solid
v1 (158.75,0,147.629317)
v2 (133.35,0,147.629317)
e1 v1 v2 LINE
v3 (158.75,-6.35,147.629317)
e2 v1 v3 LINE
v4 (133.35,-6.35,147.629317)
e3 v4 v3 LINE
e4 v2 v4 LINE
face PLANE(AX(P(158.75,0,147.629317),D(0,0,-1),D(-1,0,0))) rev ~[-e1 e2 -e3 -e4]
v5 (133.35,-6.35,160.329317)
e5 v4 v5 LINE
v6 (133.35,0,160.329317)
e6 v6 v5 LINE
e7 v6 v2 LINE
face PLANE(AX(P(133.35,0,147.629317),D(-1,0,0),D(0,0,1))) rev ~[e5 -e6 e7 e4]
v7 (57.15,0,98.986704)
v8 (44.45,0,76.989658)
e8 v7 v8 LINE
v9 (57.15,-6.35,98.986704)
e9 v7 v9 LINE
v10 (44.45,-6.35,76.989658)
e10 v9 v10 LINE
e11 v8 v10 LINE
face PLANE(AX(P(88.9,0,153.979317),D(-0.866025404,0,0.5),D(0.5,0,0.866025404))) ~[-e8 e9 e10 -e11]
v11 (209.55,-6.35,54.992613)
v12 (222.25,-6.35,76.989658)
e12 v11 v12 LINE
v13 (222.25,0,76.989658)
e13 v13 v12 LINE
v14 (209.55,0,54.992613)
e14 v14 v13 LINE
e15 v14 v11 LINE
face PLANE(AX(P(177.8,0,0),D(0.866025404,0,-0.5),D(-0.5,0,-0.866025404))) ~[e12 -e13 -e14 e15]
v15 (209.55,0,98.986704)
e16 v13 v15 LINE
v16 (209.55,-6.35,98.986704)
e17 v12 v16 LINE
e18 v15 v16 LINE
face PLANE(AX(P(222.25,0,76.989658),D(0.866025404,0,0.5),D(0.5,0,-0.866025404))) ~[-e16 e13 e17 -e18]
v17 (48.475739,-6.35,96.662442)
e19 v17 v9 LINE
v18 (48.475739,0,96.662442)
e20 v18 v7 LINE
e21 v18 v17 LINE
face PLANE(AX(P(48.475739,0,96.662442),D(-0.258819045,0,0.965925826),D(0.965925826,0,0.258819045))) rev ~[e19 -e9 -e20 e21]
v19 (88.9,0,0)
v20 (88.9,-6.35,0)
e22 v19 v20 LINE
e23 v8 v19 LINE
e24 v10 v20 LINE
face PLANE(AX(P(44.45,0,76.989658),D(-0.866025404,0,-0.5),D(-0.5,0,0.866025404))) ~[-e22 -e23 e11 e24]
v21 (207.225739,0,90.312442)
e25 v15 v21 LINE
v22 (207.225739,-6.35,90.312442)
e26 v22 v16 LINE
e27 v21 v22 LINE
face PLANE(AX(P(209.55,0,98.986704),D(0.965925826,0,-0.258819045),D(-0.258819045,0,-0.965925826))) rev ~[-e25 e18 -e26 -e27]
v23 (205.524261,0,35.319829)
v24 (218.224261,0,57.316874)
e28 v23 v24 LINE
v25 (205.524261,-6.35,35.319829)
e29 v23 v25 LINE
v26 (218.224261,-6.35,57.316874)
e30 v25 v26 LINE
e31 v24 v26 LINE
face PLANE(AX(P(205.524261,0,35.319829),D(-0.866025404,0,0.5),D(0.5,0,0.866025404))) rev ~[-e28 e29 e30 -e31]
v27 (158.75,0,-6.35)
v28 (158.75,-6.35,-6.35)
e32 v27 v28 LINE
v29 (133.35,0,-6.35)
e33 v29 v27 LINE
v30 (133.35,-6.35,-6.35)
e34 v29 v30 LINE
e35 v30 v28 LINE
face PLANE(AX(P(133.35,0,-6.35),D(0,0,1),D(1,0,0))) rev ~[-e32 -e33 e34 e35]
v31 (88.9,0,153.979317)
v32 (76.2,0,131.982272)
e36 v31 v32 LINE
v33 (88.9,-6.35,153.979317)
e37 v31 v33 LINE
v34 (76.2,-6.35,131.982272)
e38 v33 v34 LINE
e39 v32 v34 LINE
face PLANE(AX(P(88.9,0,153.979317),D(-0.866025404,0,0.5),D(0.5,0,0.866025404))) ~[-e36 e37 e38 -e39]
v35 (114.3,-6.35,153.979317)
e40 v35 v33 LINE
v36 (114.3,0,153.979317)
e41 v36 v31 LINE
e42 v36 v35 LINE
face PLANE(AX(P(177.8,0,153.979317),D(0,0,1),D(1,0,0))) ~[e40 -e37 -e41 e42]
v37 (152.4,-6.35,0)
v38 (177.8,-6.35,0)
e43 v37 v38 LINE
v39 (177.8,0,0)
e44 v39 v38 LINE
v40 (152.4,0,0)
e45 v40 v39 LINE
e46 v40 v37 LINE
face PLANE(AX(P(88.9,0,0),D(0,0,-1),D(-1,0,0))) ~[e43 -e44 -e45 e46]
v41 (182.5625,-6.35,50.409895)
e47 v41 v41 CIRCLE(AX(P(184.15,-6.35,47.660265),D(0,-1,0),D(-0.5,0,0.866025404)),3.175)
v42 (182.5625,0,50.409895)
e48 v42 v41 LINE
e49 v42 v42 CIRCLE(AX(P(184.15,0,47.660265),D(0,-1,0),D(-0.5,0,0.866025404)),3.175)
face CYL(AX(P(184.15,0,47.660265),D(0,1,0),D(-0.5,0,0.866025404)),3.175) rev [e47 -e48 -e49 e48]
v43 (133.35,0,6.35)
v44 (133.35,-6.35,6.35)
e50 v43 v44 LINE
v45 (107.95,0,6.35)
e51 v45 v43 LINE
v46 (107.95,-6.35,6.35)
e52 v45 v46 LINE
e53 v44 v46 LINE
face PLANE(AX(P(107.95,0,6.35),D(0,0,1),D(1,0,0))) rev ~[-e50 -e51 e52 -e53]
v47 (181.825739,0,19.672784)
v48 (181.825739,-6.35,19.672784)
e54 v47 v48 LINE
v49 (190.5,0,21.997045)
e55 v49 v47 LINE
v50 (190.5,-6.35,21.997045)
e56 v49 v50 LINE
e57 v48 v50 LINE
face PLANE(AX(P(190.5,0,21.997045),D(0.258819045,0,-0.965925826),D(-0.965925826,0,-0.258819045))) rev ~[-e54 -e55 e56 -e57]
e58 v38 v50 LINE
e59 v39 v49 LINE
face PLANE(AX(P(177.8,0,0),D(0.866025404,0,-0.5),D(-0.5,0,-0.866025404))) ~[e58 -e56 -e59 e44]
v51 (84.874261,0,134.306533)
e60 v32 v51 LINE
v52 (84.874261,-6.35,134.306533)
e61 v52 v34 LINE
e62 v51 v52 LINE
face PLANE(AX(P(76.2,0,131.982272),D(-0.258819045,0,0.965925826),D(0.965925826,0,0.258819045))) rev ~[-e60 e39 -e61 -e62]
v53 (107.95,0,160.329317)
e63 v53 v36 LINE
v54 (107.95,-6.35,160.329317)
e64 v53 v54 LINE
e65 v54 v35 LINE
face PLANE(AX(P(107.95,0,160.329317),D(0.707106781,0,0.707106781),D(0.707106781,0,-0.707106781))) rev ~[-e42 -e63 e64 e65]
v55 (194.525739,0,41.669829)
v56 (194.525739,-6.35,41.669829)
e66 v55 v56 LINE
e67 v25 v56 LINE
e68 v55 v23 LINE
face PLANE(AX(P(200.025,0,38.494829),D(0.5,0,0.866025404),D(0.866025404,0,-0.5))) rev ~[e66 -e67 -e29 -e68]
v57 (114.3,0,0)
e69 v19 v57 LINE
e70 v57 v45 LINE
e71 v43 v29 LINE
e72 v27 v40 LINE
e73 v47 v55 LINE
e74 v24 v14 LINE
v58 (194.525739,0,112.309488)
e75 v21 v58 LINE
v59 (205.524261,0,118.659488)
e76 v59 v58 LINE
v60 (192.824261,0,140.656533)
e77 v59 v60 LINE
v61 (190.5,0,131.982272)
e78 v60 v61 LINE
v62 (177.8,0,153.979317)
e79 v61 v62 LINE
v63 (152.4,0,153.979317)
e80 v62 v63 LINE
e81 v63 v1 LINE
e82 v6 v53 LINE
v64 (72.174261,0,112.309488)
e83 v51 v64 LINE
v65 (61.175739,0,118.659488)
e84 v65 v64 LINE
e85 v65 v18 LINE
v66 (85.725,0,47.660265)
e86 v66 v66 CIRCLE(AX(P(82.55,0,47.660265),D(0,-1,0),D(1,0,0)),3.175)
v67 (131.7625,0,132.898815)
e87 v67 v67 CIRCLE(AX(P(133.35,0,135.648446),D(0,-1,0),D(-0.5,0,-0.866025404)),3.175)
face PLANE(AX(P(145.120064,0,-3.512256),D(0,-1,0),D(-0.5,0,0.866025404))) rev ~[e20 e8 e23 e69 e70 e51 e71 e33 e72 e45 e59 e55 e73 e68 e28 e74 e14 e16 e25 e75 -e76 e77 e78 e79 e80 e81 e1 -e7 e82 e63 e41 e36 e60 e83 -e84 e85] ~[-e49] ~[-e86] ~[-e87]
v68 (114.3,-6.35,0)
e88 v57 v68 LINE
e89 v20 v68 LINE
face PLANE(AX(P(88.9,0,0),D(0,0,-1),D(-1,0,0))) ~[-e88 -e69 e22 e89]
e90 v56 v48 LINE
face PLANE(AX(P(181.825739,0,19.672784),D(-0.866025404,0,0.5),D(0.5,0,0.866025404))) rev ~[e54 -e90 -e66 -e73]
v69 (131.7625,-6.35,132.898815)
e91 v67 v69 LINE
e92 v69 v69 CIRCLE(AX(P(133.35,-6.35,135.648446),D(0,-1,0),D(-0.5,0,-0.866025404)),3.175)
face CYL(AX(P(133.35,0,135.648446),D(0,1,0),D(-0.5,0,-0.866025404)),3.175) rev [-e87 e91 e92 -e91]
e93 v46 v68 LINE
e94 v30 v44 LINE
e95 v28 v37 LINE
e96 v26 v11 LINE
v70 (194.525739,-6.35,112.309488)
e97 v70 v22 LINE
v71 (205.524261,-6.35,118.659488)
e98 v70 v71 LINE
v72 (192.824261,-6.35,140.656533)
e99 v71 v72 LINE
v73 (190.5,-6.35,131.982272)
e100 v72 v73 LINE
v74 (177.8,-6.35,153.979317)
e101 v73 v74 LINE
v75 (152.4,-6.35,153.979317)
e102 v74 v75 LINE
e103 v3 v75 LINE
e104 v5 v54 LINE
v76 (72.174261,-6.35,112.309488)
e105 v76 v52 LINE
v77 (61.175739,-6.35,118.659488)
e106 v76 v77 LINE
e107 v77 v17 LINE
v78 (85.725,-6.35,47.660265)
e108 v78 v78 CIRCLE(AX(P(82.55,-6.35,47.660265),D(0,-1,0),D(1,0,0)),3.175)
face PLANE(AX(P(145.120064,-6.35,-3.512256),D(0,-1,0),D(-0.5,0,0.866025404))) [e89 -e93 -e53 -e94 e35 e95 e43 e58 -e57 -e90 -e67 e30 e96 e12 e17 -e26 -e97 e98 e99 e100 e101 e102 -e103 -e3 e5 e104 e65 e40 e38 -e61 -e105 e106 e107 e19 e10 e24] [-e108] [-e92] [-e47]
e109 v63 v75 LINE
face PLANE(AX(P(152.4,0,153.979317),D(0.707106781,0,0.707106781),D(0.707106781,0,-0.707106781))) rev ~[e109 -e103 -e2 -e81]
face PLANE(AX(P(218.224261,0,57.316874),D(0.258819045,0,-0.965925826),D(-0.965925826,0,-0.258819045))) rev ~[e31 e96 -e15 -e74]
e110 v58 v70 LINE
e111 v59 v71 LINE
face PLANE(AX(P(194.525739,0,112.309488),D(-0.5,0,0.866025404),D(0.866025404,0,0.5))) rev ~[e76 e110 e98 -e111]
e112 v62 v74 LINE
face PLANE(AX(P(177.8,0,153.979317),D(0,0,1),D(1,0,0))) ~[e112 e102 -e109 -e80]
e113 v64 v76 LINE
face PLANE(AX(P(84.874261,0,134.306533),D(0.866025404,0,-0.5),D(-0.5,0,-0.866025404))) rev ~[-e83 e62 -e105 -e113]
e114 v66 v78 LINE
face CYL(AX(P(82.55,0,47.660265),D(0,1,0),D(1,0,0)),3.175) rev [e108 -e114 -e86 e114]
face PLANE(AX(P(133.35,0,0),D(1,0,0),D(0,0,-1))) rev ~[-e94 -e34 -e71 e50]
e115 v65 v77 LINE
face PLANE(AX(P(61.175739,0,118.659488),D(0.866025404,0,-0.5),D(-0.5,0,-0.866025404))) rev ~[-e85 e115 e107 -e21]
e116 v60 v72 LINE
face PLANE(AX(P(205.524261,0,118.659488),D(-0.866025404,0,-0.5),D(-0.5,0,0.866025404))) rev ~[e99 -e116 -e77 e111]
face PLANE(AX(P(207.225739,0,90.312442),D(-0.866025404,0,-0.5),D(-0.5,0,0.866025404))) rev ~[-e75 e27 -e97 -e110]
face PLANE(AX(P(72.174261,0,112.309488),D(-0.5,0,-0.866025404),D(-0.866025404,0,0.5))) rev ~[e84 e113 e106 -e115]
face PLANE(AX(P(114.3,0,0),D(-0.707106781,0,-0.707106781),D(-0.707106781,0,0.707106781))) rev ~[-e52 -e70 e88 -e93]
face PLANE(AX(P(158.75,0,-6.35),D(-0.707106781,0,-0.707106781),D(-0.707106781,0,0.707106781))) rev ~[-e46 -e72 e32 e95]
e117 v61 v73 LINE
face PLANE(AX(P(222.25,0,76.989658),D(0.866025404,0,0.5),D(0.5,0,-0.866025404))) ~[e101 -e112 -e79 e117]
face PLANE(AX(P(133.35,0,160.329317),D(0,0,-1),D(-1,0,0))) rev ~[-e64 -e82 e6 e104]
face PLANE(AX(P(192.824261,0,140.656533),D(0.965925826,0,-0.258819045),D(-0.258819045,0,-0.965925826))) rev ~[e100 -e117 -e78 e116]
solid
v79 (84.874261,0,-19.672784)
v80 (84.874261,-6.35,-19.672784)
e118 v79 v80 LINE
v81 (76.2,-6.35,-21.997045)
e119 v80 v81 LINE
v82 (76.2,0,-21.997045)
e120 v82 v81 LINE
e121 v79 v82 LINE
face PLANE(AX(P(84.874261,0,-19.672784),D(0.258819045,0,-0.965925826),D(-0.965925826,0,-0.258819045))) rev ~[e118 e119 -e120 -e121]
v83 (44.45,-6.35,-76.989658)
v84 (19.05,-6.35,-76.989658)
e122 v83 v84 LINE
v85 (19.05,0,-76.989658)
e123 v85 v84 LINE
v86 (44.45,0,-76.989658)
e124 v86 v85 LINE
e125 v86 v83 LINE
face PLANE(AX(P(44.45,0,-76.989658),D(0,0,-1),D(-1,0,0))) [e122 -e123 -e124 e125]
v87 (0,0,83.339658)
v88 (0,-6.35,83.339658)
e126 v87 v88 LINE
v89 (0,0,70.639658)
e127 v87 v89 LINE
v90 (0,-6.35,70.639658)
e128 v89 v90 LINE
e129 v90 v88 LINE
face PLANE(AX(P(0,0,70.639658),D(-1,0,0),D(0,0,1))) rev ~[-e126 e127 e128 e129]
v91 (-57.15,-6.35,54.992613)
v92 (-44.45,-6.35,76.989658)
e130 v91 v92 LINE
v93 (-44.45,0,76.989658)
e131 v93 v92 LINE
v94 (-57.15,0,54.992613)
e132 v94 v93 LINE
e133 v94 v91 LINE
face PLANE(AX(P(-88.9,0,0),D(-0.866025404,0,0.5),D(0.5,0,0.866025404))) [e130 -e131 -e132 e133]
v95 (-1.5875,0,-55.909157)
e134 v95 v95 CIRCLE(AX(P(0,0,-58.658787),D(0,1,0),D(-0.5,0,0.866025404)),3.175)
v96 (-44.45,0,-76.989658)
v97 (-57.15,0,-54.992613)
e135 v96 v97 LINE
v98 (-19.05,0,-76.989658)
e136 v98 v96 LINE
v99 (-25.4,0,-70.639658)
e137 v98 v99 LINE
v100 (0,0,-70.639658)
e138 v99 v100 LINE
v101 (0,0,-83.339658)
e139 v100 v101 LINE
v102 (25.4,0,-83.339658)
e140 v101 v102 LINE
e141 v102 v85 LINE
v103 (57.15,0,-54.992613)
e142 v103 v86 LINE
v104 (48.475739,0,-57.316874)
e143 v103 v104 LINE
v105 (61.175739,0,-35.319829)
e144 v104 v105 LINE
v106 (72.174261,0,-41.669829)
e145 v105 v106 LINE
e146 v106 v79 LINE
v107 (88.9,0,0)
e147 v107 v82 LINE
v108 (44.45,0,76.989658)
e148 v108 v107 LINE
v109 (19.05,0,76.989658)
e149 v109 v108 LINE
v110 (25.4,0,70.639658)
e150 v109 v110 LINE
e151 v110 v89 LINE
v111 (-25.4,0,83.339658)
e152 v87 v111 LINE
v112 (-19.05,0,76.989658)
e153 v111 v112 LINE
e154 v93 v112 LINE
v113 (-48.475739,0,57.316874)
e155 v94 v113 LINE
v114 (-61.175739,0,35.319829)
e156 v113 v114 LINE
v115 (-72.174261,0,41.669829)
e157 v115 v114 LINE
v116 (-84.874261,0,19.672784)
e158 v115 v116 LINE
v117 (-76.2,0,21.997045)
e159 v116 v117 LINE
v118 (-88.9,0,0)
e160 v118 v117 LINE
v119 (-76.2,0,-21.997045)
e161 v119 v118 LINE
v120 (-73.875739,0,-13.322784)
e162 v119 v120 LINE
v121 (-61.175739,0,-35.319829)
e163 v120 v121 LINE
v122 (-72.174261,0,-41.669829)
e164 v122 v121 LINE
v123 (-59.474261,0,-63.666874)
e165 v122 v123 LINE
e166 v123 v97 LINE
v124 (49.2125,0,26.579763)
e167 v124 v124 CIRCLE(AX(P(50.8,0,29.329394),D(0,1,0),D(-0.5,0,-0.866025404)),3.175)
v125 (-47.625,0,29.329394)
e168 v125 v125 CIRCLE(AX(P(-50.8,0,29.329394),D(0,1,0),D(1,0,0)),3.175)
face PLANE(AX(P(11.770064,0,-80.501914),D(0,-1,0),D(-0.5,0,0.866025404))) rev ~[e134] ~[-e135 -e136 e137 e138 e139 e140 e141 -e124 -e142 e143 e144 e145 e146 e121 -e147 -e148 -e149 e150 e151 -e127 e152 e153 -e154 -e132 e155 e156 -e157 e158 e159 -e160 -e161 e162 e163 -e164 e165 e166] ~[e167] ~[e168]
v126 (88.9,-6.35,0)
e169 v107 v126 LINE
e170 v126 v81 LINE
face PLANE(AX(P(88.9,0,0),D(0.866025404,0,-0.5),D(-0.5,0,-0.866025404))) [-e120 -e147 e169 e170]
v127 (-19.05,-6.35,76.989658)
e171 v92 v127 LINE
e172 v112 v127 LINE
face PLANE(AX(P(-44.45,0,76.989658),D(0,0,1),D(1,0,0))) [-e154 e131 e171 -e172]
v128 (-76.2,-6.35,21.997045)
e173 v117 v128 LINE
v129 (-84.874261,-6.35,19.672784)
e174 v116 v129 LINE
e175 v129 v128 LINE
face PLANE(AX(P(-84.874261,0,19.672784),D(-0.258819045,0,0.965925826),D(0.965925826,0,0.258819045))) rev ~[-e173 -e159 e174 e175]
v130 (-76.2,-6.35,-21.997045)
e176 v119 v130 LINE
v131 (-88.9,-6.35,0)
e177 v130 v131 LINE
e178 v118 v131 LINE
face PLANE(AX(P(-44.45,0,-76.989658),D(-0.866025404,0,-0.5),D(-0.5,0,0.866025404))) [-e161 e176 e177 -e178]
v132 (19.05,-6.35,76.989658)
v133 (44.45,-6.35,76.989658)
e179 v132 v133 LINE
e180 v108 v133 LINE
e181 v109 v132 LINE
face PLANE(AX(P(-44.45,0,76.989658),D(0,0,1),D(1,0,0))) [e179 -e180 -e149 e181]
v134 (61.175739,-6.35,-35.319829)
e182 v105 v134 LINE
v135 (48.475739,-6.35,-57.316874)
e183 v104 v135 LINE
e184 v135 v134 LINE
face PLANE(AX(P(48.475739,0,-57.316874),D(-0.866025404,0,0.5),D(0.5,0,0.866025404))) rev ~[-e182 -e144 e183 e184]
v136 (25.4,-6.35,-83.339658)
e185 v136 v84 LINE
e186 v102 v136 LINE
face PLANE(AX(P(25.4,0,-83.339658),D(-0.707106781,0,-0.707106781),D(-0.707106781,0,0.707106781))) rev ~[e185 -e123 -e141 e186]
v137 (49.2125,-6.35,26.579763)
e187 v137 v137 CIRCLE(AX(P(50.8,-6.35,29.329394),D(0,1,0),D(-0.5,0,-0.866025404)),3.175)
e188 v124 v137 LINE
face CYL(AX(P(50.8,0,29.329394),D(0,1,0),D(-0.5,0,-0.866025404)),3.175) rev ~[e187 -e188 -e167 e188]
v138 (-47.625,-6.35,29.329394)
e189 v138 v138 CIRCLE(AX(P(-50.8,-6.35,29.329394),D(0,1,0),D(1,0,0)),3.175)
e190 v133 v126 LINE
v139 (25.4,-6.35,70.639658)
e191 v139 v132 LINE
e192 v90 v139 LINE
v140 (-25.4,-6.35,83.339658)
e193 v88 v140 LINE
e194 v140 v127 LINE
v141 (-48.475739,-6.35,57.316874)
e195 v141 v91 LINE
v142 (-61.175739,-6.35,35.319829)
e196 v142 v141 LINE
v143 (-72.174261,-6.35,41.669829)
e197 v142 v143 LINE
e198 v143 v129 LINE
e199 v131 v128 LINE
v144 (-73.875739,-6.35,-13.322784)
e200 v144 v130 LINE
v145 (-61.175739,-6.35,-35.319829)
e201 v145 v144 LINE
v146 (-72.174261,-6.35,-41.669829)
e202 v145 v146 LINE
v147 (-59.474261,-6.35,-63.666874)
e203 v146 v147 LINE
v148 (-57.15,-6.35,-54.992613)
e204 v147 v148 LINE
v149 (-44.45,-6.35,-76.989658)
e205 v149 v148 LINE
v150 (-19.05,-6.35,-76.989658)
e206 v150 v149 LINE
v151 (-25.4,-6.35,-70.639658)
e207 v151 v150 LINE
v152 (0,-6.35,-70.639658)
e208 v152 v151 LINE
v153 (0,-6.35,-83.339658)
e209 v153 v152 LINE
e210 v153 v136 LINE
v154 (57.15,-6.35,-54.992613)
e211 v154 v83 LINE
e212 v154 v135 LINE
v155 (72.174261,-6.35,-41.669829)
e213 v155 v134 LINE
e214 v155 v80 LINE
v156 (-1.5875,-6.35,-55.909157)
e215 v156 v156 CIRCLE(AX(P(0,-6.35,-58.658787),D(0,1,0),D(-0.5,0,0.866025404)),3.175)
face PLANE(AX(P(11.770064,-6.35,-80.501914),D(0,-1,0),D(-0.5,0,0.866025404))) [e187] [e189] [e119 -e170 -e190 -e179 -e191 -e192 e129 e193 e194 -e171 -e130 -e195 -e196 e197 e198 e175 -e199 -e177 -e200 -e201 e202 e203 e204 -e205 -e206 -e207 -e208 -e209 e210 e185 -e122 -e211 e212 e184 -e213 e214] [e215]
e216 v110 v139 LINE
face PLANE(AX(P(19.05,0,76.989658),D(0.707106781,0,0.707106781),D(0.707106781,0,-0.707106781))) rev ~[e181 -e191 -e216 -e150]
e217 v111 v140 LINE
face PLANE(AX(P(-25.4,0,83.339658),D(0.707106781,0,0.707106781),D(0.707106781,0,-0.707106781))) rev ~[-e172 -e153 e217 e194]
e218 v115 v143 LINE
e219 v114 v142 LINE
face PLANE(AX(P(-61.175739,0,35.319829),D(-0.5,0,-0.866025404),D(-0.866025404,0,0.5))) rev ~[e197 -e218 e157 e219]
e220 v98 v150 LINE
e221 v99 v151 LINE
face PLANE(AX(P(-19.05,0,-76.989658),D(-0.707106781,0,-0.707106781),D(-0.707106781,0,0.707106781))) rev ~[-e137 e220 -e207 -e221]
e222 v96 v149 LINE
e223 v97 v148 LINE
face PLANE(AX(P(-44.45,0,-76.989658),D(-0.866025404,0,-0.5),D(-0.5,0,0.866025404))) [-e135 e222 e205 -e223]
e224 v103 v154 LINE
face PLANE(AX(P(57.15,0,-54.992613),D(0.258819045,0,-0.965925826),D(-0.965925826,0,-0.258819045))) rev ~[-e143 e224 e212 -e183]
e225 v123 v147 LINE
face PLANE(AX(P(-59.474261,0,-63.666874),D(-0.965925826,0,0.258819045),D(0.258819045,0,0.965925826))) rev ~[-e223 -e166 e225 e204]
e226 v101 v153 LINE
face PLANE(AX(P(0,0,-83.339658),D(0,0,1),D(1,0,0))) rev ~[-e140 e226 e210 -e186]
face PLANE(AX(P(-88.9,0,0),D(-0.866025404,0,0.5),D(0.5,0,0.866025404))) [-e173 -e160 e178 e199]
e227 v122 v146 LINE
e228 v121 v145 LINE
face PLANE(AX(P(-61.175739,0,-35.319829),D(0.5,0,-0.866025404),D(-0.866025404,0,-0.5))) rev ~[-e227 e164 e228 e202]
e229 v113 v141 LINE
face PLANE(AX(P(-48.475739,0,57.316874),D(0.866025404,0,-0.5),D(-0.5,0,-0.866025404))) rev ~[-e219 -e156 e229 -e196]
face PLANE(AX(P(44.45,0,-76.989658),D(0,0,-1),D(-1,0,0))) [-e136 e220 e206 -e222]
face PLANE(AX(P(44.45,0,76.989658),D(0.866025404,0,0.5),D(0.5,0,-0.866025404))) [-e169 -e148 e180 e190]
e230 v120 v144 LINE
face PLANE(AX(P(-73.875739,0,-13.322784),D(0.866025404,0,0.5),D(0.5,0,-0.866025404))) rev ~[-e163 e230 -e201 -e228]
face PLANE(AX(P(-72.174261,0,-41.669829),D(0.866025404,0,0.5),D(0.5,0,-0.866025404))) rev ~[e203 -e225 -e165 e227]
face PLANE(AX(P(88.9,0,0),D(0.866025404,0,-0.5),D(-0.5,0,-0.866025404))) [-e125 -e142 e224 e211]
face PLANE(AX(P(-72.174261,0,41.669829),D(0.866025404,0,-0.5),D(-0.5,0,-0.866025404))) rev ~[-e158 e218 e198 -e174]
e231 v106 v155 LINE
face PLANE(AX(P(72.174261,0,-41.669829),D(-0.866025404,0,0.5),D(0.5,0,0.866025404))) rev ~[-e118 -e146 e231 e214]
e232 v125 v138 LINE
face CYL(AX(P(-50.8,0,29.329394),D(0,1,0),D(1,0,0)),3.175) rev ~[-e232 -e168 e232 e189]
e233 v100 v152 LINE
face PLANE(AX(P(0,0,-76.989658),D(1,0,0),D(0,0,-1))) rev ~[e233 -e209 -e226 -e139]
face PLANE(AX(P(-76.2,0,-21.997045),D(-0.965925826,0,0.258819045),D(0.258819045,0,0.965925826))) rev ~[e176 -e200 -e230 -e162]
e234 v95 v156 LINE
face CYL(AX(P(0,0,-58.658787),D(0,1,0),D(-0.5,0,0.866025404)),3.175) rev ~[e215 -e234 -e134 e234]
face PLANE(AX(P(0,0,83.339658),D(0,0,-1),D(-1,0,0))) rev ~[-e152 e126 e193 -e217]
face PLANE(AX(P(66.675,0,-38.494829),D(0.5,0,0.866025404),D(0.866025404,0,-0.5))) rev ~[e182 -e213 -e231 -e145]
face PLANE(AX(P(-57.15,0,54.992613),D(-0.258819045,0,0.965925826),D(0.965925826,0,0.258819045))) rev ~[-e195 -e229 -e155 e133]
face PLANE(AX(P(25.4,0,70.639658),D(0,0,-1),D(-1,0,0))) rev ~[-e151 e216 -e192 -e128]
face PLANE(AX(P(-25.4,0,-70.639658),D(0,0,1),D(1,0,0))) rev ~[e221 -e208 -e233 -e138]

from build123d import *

# Parameters (mm, degrees)
BOSS_EXTRUDE1_DEPTH = 6.35
SKETCH9_R           = 3.175
CUT_EXTRUDE3_DEPTH  = 118.774954893
CIRPATTERN6_COUNT   = 3
CUT_EXTRUDE4_DEPTH  = 271.453350876
BOSS_EXTRUDE4_DEPTH = 6.35
CIRPATTERN7_COUNT   = 6
CUT_EXTRUDE5_DEPTH  = 271.453350876
BOSS_EXTRUDE5_DEPTH = 6.35
CIRPATTERN8_COUNT   = 6


with BuildPart() as part:
    # Sketch1 → Boss-Extrude1 (new body)
    with BuildSketch(Plane(origin=(0, 0, 0), x_dir=(1, 0, 0), z_dir=(0, 1, 0))):
        Polygon((88.9, 0), (44.45, 76.989658396), (-44.45, 76.989658396), (-88.9, 0), (-44.45, -76.989658396), (44.45, -76.989658396), align=None)
    extrude(amount=-BOSS_EXTRUDE1_DEPTH)

    # Sketch9 → Cut-Extrude3 (cut, through all)
    with BuildSketch(Plane(origin=(0, 0, 0), x_dir=(1, 0, 0), z_dir=(0, 1, 0))):
        with Locations((-50.8, -29.329393675)):
            Circle(SKETCH9_R)
    cut_extrude3 = extrude(amount=-CUT_EXTRUDE3_DEPTH, mode=Mode.SUBTRACT)

    # CirPattern6: Cut-Extrude3 ×3 about axis
    cirpattern6_axis = Axis((0, 0, 0), (0, 1, 0))
    for i in range(1, CIRPATTERN6_COUNT):
        add(cut_extrude3.rotate(cirpattern6_axis, i * 360 / CIRPATTERN6_COUNT), mode=Mode.SUBTRACT)


with BuildPart() as body_2:
    # Mirror3: mirrored copy
    add(part.part.mirror(Plane(origin=(44.45, -6.35, 76.989658396), x_dir=(-0.49999999999999495, 0, 0.8660254037844416), z_dir=(0.8660254037844416, 0, 0.49999999999999495))))

    # Sketch13 → Cut-Extrude5 (cut, through all)
    with BuildSketch(Plane(origin=(0, 0, 0), x_dir=(1, 0, 0), z_dir=(0, 1, 0))):
        Polygon((190.5, -21.997045256), (181.825738686, -19.672783942), (194.525738686, -41.669829198), (200.025, -38.494829198), align=None)
    cut_extrude5 = extrude(amount=-CUT_EXTRUDE5_DEPTH, mode=Mode.SUBTRACT)

    # Sketch14 → Boss-Extrude5 (add)
    with BuildSketch(Plane(origin=(0, 0, 0), x_dir=(1, 0, 0), z_dir=(0, 1, 0))):
        Polygon((200.025, -38.494829198), (205.524261314, -35.319829198), (218.224261314, -57.316874454), (209.55, -54.99261314), align=None)
    boss_extrude5 = extrude(amount=-BOSS_EXTRUDE5_DEPTH)

    # CirPattern8: Cut-Extrude5, Boss-Extrude5 ×6 about axis, 1 skipped
    cirpattern8_axis = Axis((133.35, 0, 76.989658396), (0, 1, 0))
    add([cut_extrude5.rotate(cirpattern8_axis, i * 360 / CIRPATTERN8_COUNT) for i in range(1, CIRPATTERN8_COUNT) if i not in (2,)], mode=Mode.SUBTRACT)
    add([boss_extrude5.rotate(cirpattern8_axis, i * 360 / CIRPATTERN8_COUNT) for i in range(1, CIRPATTERN8_COUNT) if i not in (2,)])


with BuildPart() as part_1:
    add(part.part)

    # Sketch10 → Cut-Extrude4 (cut, through all)
    with BuildSketch(Plane(origin=(0, 0, 0), x_dir=(1, 0, 0), z_dir=(0, 1, 0))):
        Polygon((57.15, 54.99261314), (48.475738686, 57.316874454), (61.175738686, 35.319829198), (66.675, 38.494829198), align=None)
    cut_extrude4 = extrude(amount=-CUT_EXTRUDE4_DEPTH, mode=Mode.SUBTRACT)

    # Sketch11 → Boss-Extrude4 (add)
    with BuildSketch(Plane(origin=(0, 0, 0), x_dir=(1, 0, 0), z_dir=(0, 1, 0))):
        Polygon((66.675, 38.494829198), (72.174261314, 41.669829198), (84.874261314, 19.672783942), (76.2, 21.997045256), align=None)
    boss_extrude4 = extrude(amount=-BOSS_EXTRUDE4_DEPTH)

    # CirPattern7: Cut-Extrude4, Boss-Extrude4 ×6 about axis, 1 skipped
    cirpattern7_axis = Axis((0, 0, 0), (0, 1, 0))
    add([cut_extrude4.rotate(cirpattern7_axis, i * 360 / CIRPATTERN7_COUNT) for i in range(1, CIRPATTERN7_COUNT) if i not in (5,)], mode=Mode.SUBTRACT)
    add([boss_extrude4.rotate(cirpattern7_axis, i * 360 / CIRPATTERN7_COUNT) for i in range(1, CIRPATTERN7_COUNT) if i not in (5,)])


solid = Compound([body_2.part, part_1.part])
